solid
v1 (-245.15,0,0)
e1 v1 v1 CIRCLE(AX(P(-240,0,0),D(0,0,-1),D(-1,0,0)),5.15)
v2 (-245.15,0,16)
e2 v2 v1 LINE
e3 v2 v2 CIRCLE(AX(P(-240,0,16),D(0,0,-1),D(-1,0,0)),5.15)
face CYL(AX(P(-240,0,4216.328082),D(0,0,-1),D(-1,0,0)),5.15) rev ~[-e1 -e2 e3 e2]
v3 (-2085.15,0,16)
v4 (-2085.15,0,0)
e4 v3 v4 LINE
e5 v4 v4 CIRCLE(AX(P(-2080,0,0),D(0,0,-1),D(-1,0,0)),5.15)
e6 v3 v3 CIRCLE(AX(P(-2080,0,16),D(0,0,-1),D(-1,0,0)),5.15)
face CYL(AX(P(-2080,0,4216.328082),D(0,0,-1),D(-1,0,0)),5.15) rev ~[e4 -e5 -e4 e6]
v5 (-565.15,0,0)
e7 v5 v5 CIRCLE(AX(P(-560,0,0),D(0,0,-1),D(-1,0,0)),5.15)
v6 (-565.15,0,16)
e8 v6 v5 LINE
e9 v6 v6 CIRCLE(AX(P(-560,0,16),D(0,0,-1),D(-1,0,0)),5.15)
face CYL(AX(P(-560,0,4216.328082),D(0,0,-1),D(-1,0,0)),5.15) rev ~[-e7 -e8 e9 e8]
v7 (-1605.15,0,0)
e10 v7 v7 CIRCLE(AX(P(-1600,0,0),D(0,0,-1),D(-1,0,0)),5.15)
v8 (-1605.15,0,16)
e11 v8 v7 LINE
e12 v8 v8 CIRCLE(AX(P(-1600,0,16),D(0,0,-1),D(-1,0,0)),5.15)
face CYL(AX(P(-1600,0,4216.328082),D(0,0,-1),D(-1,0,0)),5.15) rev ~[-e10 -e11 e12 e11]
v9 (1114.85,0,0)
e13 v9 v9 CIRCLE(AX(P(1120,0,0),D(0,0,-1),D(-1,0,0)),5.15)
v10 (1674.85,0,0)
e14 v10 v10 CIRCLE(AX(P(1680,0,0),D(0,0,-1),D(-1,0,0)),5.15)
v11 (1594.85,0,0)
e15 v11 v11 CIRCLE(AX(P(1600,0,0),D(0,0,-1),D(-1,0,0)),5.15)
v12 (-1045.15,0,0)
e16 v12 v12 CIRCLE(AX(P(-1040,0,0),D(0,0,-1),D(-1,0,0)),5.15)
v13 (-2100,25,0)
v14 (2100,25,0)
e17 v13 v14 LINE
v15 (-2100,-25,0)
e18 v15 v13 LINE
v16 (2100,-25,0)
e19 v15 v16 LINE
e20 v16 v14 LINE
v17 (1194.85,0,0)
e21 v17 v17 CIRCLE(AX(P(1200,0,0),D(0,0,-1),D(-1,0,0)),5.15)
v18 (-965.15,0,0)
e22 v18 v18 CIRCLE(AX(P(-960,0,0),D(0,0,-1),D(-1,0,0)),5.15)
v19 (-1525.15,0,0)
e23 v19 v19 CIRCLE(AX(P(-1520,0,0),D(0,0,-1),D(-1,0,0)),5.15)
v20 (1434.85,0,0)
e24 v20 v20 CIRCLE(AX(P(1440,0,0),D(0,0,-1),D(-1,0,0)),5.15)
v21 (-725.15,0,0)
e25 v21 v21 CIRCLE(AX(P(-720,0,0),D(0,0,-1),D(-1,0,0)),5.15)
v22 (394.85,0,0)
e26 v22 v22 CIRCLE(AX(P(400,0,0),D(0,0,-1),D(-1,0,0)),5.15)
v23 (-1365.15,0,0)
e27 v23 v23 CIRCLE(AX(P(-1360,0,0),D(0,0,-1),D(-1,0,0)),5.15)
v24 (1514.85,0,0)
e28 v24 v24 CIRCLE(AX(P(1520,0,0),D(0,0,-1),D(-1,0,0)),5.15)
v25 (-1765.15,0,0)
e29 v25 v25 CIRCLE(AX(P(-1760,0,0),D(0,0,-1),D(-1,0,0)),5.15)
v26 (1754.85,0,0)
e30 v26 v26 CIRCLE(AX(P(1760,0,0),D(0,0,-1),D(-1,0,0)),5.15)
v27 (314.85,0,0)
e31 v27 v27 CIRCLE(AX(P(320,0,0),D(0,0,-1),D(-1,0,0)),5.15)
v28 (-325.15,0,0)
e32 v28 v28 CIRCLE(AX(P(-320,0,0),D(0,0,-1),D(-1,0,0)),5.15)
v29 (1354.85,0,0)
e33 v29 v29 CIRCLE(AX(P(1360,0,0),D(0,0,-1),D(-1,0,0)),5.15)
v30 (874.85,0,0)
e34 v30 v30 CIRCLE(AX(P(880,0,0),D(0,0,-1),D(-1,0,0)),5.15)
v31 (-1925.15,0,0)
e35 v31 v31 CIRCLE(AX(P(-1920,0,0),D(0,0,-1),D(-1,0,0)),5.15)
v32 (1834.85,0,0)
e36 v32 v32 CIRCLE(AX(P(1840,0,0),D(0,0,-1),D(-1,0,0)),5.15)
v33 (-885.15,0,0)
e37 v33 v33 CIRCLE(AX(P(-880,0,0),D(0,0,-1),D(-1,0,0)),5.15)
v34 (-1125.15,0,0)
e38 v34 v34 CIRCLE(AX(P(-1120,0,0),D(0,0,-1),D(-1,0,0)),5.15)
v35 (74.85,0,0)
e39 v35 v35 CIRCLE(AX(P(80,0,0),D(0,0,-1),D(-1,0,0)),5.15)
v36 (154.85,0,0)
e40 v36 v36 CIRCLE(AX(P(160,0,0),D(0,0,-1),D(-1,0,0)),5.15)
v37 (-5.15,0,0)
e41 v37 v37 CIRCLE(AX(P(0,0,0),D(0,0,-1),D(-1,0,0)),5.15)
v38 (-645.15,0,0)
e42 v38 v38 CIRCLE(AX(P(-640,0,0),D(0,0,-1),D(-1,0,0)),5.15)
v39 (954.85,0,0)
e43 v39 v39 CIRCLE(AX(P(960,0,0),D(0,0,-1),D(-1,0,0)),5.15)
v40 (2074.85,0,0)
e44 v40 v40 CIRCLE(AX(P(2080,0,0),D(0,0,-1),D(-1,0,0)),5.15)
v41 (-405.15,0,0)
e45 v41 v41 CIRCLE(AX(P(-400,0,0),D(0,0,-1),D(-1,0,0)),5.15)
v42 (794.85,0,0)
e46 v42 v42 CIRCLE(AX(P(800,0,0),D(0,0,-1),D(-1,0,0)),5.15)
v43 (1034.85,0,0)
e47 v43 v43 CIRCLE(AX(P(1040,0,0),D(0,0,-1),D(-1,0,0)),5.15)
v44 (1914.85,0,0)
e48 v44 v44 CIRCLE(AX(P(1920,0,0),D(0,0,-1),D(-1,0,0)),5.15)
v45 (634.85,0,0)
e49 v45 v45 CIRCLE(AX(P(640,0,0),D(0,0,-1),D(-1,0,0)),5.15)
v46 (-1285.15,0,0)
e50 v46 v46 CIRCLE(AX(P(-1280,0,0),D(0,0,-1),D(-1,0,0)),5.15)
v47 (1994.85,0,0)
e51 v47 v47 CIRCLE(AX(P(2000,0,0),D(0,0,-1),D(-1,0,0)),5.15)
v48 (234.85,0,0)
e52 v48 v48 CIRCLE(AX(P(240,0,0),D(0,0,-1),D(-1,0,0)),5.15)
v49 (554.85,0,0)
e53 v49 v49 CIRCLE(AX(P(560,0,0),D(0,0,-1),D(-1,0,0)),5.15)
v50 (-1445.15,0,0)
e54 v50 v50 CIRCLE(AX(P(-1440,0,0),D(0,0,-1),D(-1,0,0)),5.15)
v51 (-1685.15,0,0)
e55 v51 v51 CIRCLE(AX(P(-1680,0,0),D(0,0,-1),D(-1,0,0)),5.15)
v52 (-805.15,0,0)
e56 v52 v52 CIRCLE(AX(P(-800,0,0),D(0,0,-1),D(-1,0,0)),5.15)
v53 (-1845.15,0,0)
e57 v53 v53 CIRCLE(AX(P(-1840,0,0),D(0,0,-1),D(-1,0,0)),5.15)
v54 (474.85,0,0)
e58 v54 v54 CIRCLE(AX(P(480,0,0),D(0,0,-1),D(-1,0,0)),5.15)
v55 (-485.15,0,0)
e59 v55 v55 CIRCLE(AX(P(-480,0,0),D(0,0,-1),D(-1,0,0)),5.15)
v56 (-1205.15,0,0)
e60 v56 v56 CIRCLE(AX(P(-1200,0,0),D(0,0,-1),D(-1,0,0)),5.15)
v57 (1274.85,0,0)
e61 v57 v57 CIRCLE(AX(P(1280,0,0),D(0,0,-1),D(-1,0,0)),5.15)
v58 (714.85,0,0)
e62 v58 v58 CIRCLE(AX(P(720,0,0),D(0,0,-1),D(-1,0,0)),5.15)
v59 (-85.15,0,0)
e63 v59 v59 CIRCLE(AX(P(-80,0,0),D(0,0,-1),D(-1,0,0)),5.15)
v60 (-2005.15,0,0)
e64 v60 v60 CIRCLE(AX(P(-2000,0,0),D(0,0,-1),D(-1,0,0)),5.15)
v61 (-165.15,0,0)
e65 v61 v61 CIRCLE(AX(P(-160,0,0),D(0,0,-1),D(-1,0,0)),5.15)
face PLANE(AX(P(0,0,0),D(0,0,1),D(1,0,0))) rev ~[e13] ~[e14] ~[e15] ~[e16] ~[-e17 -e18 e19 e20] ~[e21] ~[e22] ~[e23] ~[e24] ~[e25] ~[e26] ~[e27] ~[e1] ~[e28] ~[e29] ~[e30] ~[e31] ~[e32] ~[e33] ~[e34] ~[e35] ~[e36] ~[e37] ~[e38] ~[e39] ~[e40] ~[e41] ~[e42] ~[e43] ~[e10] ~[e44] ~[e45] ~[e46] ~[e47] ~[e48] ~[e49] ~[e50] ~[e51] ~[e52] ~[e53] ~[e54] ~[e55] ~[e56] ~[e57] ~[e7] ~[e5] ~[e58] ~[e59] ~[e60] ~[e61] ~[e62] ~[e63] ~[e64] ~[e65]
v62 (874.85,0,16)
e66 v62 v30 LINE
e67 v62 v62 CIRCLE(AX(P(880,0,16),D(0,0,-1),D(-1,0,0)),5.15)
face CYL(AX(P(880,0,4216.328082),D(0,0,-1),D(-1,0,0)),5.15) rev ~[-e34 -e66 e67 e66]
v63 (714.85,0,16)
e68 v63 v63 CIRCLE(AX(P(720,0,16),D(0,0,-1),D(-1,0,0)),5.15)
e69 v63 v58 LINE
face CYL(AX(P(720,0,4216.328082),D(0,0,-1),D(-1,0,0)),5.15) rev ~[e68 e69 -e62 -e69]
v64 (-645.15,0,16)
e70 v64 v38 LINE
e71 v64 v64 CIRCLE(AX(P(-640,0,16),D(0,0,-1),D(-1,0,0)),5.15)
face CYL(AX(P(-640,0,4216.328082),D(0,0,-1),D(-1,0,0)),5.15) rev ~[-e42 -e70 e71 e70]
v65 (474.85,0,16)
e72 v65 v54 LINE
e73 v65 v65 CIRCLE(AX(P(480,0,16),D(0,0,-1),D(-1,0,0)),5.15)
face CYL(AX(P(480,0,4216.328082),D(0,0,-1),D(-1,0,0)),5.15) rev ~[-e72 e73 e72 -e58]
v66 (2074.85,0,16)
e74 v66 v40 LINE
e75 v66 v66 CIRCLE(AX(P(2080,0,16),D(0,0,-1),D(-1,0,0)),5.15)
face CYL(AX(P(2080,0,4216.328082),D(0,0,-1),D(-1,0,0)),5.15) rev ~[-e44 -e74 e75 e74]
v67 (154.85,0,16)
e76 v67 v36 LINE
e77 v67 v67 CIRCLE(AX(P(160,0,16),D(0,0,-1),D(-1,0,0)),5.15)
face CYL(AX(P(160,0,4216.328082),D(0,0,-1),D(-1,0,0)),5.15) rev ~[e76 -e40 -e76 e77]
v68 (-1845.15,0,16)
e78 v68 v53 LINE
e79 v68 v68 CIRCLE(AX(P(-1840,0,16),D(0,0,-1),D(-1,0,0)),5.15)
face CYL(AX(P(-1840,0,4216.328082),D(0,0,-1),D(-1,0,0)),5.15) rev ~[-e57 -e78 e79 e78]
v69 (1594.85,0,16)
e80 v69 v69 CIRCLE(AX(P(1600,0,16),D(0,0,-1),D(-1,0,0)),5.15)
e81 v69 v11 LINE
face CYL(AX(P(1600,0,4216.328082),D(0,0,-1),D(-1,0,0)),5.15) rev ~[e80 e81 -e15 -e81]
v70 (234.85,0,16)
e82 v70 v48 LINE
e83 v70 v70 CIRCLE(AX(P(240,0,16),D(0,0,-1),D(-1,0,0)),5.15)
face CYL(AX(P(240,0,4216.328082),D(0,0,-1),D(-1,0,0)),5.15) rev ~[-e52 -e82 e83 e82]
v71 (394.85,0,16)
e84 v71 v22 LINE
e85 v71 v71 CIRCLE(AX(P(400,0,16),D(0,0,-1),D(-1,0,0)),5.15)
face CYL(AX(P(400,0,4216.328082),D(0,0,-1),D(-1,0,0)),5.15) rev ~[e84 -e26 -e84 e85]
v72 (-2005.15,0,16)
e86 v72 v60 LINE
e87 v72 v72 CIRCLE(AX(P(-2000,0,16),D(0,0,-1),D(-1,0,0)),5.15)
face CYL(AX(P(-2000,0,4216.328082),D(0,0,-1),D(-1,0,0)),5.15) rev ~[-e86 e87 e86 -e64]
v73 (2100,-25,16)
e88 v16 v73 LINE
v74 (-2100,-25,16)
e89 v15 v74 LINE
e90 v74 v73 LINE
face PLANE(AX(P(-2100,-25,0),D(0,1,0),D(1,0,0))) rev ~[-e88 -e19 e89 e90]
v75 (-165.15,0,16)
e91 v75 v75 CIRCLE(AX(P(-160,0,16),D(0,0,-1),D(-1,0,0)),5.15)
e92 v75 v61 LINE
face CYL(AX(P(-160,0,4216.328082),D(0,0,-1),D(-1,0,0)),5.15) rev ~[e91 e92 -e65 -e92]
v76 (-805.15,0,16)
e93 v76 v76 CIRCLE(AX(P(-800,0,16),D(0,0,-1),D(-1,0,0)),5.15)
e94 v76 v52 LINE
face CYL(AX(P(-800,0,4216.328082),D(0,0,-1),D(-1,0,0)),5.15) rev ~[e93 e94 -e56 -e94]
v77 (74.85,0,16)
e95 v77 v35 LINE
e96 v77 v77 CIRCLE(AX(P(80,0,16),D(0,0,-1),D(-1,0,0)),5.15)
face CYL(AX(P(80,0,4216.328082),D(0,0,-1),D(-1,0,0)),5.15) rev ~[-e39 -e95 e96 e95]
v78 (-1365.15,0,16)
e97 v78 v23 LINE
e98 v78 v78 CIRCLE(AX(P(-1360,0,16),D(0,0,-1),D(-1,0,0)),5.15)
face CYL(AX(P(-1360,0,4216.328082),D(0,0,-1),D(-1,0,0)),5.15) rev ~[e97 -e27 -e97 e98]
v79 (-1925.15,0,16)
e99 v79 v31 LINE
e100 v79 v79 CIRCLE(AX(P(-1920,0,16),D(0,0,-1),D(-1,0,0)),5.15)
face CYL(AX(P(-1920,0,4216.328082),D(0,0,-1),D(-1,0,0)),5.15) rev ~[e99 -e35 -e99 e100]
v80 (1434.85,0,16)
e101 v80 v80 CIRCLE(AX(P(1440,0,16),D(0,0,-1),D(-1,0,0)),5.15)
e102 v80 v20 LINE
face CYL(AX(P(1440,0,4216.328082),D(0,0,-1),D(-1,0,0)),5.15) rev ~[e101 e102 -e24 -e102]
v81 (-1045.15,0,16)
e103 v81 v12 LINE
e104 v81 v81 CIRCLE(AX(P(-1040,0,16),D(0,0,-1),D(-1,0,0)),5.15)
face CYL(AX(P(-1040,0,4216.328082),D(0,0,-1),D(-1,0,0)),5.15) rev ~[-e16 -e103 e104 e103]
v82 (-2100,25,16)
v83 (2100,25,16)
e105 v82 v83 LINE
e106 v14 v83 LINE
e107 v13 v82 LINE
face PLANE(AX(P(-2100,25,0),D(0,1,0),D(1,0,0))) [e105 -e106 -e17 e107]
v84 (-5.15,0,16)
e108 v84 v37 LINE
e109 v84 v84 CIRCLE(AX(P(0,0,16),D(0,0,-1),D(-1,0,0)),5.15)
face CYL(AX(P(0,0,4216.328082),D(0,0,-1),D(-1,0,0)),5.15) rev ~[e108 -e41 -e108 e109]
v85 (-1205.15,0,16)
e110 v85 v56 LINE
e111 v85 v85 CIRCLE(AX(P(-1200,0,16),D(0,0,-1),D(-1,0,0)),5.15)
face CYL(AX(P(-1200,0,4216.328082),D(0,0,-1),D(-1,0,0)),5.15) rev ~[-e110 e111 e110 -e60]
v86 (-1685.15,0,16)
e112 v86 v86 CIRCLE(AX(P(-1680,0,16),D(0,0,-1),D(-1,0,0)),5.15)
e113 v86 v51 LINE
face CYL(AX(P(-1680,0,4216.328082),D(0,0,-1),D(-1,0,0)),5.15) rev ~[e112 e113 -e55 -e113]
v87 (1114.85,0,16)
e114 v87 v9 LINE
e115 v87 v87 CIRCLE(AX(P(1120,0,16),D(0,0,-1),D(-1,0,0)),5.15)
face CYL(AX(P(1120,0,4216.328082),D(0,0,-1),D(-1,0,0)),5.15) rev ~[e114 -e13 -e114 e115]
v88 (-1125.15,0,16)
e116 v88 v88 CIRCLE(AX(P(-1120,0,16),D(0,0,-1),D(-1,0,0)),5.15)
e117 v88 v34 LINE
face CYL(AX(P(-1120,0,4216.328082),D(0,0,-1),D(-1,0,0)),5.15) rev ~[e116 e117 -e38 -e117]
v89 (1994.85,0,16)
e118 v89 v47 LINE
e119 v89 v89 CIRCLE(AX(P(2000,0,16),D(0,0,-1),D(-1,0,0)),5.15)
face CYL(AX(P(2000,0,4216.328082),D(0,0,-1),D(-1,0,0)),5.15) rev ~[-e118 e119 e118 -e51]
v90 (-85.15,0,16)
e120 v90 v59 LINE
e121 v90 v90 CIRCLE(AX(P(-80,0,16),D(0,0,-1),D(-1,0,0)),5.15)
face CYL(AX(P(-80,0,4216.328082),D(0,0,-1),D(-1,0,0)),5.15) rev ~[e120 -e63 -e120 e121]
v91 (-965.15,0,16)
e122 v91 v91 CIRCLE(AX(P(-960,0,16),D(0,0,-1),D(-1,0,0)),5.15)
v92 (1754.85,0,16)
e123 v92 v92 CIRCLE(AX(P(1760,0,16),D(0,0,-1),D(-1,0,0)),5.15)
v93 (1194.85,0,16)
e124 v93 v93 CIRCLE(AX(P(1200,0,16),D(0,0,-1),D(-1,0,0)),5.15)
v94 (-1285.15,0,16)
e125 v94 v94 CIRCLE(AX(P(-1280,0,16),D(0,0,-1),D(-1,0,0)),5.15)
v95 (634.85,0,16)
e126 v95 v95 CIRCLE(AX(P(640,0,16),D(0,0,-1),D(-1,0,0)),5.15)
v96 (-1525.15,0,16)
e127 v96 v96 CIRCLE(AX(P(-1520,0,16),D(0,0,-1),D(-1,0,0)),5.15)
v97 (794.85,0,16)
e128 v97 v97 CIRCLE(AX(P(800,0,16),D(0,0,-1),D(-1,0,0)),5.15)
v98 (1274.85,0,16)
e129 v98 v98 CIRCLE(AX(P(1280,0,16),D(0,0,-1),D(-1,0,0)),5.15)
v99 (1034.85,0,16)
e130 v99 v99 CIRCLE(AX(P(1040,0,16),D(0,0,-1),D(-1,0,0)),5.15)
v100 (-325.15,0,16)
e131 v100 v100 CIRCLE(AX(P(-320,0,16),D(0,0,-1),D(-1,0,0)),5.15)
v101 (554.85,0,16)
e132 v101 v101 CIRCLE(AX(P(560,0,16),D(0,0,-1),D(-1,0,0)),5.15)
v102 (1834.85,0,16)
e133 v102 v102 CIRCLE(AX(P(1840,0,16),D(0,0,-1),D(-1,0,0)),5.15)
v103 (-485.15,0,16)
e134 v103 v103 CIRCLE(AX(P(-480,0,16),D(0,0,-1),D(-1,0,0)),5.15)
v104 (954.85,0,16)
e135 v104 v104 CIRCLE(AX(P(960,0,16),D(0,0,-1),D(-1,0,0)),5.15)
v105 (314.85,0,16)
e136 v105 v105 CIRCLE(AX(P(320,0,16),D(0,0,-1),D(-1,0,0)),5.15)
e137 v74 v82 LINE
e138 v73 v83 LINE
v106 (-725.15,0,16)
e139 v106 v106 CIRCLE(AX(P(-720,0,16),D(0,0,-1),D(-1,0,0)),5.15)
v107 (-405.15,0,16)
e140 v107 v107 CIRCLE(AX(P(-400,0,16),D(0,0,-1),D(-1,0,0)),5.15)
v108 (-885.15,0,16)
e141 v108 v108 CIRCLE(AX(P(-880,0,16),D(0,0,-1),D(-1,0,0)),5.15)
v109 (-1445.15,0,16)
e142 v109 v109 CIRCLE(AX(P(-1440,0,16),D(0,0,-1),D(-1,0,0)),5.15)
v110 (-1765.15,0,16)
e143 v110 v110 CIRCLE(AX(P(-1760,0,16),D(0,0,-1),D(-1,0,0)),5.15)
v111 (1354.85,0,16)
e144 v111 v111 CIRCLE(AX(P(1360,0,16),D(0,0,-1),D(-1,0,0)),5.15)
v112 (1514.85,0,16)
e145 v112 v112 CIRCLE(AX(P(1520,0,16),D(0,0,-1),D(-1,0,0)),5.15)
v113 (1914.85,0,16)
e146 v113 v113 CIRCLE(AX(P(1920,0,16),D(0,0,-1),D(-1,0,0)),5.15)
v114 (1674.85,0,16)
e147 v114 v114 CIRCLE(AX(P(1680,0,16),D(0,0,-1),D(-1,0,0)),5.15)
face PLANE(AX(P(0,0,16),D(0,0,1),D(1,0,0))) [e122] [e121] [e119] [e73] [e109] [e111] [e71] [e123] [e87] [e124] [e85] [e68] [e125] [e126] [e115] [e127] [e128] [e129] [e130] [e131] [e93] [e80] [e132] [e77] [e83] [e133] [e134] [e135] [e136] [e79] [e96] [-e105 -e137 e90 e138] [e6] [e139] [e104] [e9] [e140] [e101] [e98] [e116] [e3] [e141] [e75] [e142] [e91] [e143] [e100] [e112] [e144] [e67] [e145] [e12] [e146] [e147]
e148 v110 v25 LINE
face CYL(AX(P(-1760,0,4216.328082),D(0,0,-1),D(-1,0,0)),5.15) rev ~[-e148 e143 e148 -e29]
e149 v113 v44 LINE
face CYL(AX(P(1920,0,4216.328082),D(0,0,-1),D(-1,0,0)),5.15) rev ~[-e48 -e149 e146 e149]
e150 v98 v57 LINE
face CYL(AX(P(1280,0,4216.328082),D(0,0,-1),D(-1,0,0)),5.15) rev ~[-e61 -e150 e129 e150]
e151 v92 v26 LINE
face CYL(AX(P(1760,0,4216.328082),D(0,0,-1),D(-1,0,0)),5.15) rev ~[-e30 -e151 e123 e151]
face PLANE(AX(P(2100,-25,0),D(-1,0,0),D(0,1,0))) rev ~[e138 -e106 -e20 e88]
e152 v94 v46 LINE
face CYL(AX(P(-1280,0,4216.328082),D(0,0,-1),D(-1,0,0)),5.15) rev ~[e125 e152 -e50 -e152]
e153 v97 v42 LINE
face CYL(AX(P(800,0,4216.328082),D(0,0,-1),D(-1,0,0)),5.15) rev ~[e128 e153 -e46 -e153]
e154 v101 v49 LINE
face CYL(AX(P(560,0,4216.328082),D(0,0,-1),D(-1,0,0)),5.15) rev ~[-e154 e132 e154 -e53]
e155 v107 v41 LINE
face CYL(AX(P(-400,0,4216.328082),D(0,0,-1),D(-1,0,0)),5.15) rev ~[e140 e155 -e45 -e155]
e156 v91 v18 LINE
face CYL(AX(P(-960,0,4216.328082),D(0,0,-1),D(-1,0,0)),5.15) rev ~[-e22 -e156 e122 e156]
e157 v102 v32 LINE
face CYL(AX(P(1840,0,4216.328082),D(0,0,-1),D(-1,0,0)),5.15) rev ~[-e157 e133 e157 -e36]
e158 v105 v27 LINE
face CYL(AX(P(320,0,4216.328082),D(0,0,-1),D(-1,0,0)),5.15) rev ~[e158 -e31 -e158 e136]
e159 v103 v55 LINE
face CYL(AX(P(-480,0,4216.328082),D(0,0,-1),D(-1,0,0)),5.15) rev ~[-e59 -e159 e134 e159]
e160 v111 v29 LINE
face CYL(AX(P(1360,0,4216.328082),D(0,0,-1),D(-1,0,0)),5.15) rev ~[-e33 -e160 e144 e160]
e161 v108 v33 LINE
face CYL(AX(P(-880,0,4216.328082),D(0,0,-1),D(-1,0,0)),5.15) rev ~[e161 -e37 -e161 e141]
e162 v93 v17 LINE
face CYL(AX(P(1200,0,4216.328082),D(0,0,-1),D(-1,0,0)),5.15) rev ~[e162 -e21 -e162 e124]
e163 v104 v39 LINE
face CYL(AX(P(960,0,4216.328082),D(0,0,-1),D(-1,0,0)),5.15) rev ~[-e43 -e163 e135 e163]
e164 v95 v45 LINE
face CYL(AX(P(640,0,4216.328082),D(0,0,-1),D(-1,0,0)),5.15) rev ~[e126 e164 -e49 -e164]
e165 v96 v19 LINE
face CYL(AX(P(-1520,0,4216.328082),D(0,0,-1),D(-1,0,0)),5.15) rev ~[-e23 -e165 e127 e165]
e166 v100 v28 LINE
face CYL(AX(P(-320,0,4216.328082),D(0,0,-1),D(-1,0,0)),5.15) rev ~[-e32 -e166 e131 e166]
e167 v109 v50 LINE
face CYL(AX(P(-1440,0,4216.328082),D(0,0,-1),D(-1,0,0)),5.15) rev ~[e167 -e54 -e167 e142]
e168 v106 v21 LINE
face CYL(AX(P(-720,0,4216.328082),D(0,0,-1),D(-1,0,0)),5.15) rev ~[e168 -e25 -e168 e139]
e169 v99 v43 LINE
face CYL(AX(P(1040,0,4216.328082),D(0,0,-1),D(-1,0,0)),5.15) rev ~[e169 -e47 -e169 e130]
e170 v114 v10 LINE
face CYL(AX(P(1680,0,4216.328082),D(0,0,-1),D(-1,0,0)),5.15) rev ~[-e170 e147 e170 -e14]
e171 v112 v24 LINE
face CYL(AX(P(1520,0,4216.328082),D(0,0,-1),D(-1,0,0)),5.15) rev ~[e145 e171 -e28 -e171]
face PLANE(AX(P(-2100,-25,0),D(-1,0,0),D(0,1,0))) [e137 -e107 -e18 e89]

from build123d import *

# Parameters (mm, degrees)
F0_W     = 4200
F0_H     = 50
F1_DEPTH = 16
F3_D     = 10.3


with BuildPart() as f1:
    # F0 (on Top) → F1 (new body)
    with BuildSketch(Plane.XY):
        Rectangle(F0_W, F0_H)
    extrude(amount=F1_DEPTH)

    # F3 (through all)
    with Locations(Plane.XY.offset(16)):
        with Locations((-2080, 0), (-2000, 0), (-1920, 0), (-1840, 0), (-1760, 0), (-1680, 0), (-1600, 0), (-1520, 0), (-1440, 0), (-1360, 0), (-1280, 0), (-1200, 0), (-1120, 0), (-1040, 0), (-960, 0), (-880, 0), (-800, 0), (-720, 0), (-640, 0), (-560, 0), (-480, 0), (-400, 0), (-320, 0), (-240, 0), (-160, 0), (-80, 0), (0, 0), (80, 0), (160, 0), (240, 0), (320, 0), (400, 0), (480, 0), (560, 0), (640, 0), (720, 0), (800, 0), (880, 0), (960, 0), (1040, 0), (1120, 0), (1200, 0), (1280, 0), (1360, 0), (1440, 0), (1520, 0), (1600, 0), (1680, 0), (1760, 0), (1840, 0), (1920, 0), (2080, 0), (2000, 0)):
            Hole(F3_D / 2)


solid = f1.part
